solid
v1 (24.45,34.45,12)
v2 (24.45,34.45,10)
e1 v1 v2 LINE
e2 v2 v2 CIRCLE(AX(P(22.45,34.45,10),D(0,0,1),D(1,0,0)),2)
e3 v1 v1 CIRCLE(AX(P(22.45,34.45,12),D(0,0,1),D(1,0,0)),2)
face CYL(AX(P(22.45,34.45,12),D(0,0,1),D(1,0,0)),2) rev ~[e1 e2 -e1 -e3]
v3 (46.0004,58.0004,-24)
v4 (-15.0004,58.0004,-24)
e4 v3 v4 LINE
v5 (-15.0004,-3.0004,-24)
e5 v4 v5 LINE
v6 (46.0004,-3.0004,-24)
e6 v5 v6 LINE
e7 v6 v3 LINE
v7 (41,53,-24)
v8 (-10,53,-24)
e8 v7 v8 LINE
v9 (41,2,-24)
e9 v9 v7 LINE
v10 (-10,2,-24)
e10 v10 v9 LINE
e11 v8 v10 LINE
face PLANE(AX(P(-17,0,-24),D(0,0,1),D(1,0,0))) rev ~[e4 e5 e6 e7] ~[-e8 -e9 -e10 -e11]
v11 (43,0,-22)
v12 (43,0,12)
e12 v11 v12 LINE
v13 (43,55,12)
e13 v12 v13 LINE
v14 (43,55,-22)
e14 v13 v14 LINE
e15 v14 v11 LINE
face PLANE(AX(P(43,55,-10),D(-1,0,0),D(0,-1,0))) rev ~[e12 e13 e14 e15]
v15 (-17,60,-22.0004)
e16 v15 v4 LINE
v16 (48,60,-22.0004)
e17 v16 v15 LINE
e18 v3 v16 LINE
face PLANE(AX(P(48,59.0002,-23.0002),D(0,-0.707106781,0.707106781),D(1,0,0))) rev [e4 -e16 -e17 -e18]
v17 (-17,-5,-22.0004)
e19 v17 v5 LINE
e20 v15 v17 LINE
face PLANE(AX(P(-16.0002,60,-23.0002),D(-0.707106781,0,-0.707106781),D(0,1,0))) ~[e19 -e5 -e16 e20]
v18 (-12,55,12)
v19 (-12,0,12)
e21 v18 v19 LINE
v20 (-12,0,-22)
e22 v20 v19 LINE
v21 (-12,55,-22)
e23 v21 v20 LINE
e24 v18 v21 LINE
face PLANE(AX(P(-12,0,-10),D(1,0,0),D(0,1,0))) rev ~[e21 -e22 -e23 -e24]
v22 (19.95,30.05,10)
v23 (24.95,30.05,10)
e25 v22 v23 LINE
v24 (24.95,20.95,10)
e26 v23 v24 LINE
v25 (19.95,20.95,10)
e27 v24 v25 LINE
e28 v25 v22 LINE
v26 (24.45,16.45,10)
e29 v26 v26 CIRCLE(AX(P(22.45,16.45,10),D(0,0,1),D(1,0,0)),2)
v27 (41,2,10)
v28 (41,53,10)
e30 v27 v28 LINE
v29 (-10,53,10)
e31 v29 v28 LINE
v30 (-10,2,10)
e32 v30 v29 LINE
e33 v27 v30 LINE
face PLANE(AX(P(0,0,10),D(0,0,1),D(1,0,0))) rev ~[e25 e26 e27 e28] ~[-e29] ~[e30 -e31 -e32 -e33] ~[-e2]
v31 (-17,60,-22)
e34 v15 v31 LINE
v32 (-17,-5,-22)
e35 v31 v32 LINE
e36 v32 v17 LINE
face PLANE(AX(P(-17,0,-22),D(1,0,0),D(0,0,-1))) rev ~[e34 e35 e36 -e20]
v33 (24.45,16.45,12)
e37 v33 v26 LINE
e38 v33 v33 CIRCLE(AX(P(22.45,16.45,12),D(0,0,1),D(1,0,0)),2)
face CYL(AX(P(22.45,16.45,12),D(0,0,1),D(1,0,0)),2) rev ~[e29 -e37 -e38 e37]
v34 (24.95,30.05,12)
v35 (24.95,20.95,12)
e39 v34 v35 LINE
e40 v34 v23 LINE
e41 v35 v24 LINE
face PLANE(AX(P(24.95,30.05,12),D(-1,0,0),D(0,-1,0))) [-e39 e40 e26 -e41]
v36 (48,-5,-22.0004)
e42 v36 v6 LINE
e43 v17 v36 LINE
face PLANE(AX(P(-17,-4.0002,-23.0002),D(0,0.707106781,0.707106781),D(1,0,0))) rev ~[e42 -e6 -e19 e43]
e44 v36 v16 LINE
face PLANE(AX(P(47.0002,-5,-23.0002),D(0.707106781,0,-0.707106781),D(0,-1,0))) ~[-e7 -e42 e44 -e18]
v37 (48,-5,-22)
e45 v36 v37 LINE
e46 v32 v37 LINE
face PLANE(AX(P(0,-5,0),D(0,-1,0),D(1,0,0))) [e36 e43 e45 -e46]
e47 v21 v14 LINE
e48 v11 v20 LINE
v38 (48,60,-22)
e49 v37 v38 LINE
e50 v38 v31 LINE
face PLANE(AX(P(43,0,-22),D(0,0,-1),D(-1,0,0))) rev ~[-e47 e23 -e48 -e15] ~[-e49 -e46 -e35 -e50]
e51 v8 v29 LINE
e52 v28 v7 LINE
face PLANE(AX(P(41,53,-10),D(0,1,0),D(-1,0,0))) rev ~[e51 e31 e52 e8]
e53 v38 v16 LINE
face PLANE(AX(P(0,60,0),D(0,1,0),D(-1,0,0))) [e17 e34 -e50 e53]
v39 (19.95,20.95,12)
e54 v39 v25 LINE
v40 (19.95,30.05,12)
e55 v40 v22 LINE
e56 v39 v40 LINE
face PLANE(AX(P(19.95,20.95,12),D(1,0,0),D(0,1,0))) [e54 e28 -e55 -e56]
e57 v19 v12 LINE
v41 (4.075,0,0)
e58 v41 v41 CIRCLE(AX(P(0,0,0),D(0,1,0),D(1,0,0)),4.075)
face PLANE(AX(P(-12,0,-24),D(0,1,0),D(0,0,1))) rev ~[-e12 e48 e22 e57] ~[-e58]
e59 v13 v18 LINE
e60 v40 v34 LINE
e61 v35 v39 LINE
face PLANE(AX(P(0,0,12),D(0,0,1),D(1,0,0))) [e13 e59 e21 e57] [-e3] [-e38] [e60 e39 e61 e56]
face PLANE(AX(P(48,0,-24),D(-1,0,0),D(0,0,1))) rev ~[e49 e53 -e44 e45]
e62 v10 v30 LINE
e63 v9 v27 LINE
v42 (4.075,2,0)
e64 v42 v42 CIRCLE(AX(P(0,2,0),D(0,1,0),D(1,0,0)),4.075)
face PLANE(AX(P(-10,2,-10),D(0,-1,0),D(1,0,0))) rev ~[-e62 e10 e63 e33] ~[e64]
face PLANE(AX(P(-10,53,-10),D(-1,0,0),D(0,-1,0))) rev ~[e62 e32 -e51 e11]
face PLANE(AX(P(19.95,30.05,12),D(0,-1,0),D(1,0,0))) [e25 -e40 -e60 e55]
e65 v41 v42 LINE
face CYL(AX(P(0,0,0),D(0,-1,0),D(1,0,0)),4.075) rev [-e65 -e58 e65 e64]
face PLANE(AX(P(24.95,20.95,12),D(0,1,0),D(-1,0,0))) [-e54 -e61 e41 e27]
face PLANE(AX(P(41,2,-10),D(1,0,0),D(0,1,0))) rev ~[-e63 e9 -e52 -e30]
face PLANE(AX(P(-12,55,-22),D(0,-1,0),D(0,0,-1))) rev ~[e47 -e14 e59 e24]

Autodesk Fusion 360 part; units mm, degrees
sketch "Sketch1" plane through (0, 0, 0) normal (0, 1, 0) x (1, 0, 0)
  circle A0 centre (0, 0) radius 4.075
  line L0 (26.5, -2.5) -> (17.4, -2.5)
  line L1 (17.4, -2.5) -> (17.4, 2.5)
  line L2 (17.4, 2.5) -> (26.5, 2.5)
  line L3 (26.5, 2.5) -> (26.5, -2.5)
  line L4 (26.5, -2.5) -> (17.4, 2.5) construction
  line L5 (17.4, -2.5) -> (26.5, 2.5) construction
  circle A1 centre (13, 0) radius 2
  circle A2 centre (31, 0) radius 2
  line L6 (-10, 10) -> (41, 10)
  line L7 (41, 10) -> (41, -10)
  line L8 (41, -10) -> (-10, -10)
  line L9 (-10, -10) -> (-10, 10)
  line L10 (-10, 10) -> (-12, 10)
  line L11 (-12, 10) -> (-12, -10)
  line L12 (-12, -10) -> (-10, -10)
  line L13 (-10, -10) -> (-10, 10)
  line L14 (41, 10) -> (43, 10)
  line L15 (43, 10) -> (43, -10)
  line L16 (43, -10) -> (41, -10)
  line L17 (41, -10) -> (41, 10)
  point P0 (21.95, 0)
  dimension "d1" = 8.15
  dimension "d2" = 9.1
  dimension "d3" = 5
  dimension "d4" = 4
  dimension "d5" = 4
  dimension "d6" = 18
  dimension "d7" = 9.05
  dimension "d9" = 13
  dimension "d10" = 10
  dimension "d11" = 10
  dimension "d12" = 10
  dimension "d13" = 10
  dimension "d16" = 51
extrude "Extrude2" add sketch "Sketch1" along normal blind 2 contours L6 L7 L8 L9 L13 L17 makes body 1
extrude "Extrude1" add sketch "Sketch1" along normal blind 2 separate body contours L6 L7 L8 L9 L13 L17 makes body 2
extrude "Extrude3" add sketch "Sketch1" along normal blind 55 contours L9 L10 L11 L12 L13 | L7 L14 L15 L16 L17 bodies 1 2
sketch "Sketch2" plane through (-10, 0, 0) normal (1, 0, 0) x (0, 0, -1)
  line L0 (-10, 2) -> (10, 2)
  line L1 (10, 2) -> (10, 55)
  line L2 (10, 55) -> (-10, 55)
  line L3 (-10, 55) -> (-10, 2)
  line L4 (-10, 55) -> (10, 55)
  line L5 (10, 55) -> (10, 53)
  line L6 (10, 53) -> (-10, 53)
  line L7 (-10, 53) -> (-10, 55)
  dimension "d21" = 2
extrude "Extrude4" add sketch "Sketch2" along normal up to surface (51 mm away) contours L1 L2 L3 L4 L5 L6 L7 bodies 1
sketch "Sketch3" plane through (0, 0, 10) normal (0, 0, 1) x (1, 0, 0)
  line L0 (41, 53) -> (41, 2)
  line L1 (41, 2) -> (-10, 2)
  line L2 (-10, 2) -> (-10, 53)
  line L3 (-10, 53) -> (41, 53)
  line L4 (43, 55) -> (-12, 55)
  line L5 (-12, 55) -> (-12, 0)
  line L6 (-12, 0) -> (43, 0)
  line L7 (43, 0) -> (43, 55)
extrude "Extrude5" add sketch "Sketch3" along normal blind 2 contours L0 L1 L2 L3 | L4 L5 L6 L7 bodies 1
sketch "Sketch4" plane through (0, 0, -10) normal (0, 0, -1) x (-1, 0, 0)
  line L0 (12, 55) -> (-43, 55)
  line L1 (-43, 55) -> (-43, 0)
  line L2 (-43, 0) -> (12, 0)
  line L3 (12, 0) -> (12, 55)
  line L4 (-41, 53) -> (10, 53)
  line L5 (10, 53) -> (10, 2)
  line L6 (10, 2) -> (-41, 2)
  line L7 (-41, 2) -> (-41, 53)
extrude "Extrude6" add sketch "Sketch4" along normal blind 14 bodies 1
sketch "Sketch5" plane through (43, 0, 0) normal (1, 0, 0) x (0, 0, -1)
  line L0 (-12, 0) -> (24, 0)
  line L1 (24, 0) -> (24, 55)
  line L2 (24, 55) -> (-12, 55)
  line L3 (-12, 55) -> (-12, 0)
  line L4 (24, 55) -> (22, 55)
  line L5 (22, 55) -> (22, 0)
  line L6 (22, 0) -> (24, 0)
  line L7 (24, 0) -> (24, 55)
extrude "Extrude7" add sketch "Sketch5" along normal blind 5 contours L0 L1 L2 L4 L5 L6 L7 bodies 1
sketch "Sketch6" plane through (-12, 0, 0) normal (-1, 0, 0) x (0, 0, 1)
  line L0 (-24, 0) -> (12, 0)
  line L1 (12, 0) -> (12, 55)
  line L2 (12, 55) -> (-24, 55)
  line L3 (-24, 55) -> (-24, 0)
  line L4 (-24, 55) -> (-22, 55)
  line L5 (-22, 55) -> (-22, 0)
  line L6 (-22, 0) -> (-24, 0)
  line L7 (-24, 0) -> (-24, 55)
  point P0 (-22, 0)
extrude "Extrude8" add sketch "Sketch6" along normal blind 5 contours L0 L2 L3 L4 L5 L6 L7 bodies 1
sketch "Sketch7" plane through (0, 55, 0) normal (0, 1, 0) x (-1, 0, 0)
  line L0 (-48, -24) -> (17, -24)
  line L1 (17, -24) -> (17, -22)
  line L2 (17, -22) -> (12, -22)
  line L3 (12, -22) -> (12, 12)
  line L4 (12, 12) -> (-43, 12)
  line L5 (-43, 12) -> (-43, -22)
  line L6 (-43, -22) -> (-48, -22)
  line L7 (-48, -22) -> (-48, -24)
  line L8 (17, -22) -> (-48, -22)
  line L9 (-48, -22) -> (-48, -24)
  line L10 (-48, -24) -> (17, -24)
  line L11 (17, -24) -> (17, -22)
extrude "Extrude9" add sketch "Sketch7" along normal blind 5 contours L0 L1 L2 L6 L7 L8 L9 L10 L11 bodies 1
sketch "Sketch8" plane through (0, 0, 0) normal (0, -1, 0) x (1, 0, 0)
  circle A0 centre (0, 0) radius 4.075
  circle A1 centre (31, 0) radius 2
  line L0 (26.5, -2.5) -> (17.4, -2.5)
  line L1 (17.4, -2.5) -> (17.4, 2.5)
  line L2 (17.4, 2.5) -> (26.5, 2.5)
  line L3 (26.5, 2.5) -> (26.5, -2.5)
  circle A2 centre (13, 0) radius 2
  line L4 (-12, 12) -> (-12, -22)
  line L5 (-12, -22) -> (-17, -22)
  line L6 (-17, -22) -> (-17, -24)
  line L7 (-17, -24) -> (48, -24)
  line L8 (48, -24) -> (48, -22)
  line L9 (48, -22) -> (43, -22)
  line L10 (43, -22) -> (43, 12)
  line L11 (43, 12) -> (-12, 12)
  line L12 (-17, -24) -> (48, -24)
  line L13 (48, -24) -> (48, -22)
  line L14 (48, -22) -> (-17, -22)
  line L15 (-17, -22) -> (-17, -24)
extrude "Extrude10" add sketch "Sketch8" along normal blind 5 contours L5 L6 L7 L8 L9 L12 L13 L14 L15 bodies 1
chamfer "Chamfer1" distance 2 angle 45 4 edges at (-17, 27.5, -24) (15.5, 60, -24) (48, 27.5, -24) (15.5, -5, -24) on bodies 1
sketch "Sketch9" plane through (0, 0, 0) normal (0, 1, 0) x (-1, 0, 0)
sketch "Sketch10" plane through (0, 0, 12) normal (0, 0, 1) x (1, 0, 0)
  line L0 (43, 0) -> (43, 55)
  line L1 (43, 55) -> (-12, 55)
  line L2 (-12, 55) -> (-12, 0)
  line L3 (-12, 0) -> (43, 0)
  line L4 (19.95, 20.95) -> (19.95, 30.05)
  line L5 (19.95, 30.05) -> (24.95, 30.05)
  line L6 (24.95, 30.05) -> (24.95, 20.95)
  line L7 (24.95, 20.95) -> (19.95, 20.95)
  circle A0 centre (22.45, 16.45) radius 2
  circle A1 centre (22.45, 34.45) radius 2
  dimension "d37" = 9.1
  dimension "d38" = 5
  dimension "d39" = 4
  dimension "d40" = 4
  dimension "d41" = 18
extrude "Extrude11" cut sketch "Sketch10" against normal blind 2 contours L4 L5 L6 L7 | A0 | A1 bodies 1
extrude "Extrude12" add sketch "Sketch1" along normal blind 2 contours L0 L1 L2 L3 | A1 | A2 bodies 1
